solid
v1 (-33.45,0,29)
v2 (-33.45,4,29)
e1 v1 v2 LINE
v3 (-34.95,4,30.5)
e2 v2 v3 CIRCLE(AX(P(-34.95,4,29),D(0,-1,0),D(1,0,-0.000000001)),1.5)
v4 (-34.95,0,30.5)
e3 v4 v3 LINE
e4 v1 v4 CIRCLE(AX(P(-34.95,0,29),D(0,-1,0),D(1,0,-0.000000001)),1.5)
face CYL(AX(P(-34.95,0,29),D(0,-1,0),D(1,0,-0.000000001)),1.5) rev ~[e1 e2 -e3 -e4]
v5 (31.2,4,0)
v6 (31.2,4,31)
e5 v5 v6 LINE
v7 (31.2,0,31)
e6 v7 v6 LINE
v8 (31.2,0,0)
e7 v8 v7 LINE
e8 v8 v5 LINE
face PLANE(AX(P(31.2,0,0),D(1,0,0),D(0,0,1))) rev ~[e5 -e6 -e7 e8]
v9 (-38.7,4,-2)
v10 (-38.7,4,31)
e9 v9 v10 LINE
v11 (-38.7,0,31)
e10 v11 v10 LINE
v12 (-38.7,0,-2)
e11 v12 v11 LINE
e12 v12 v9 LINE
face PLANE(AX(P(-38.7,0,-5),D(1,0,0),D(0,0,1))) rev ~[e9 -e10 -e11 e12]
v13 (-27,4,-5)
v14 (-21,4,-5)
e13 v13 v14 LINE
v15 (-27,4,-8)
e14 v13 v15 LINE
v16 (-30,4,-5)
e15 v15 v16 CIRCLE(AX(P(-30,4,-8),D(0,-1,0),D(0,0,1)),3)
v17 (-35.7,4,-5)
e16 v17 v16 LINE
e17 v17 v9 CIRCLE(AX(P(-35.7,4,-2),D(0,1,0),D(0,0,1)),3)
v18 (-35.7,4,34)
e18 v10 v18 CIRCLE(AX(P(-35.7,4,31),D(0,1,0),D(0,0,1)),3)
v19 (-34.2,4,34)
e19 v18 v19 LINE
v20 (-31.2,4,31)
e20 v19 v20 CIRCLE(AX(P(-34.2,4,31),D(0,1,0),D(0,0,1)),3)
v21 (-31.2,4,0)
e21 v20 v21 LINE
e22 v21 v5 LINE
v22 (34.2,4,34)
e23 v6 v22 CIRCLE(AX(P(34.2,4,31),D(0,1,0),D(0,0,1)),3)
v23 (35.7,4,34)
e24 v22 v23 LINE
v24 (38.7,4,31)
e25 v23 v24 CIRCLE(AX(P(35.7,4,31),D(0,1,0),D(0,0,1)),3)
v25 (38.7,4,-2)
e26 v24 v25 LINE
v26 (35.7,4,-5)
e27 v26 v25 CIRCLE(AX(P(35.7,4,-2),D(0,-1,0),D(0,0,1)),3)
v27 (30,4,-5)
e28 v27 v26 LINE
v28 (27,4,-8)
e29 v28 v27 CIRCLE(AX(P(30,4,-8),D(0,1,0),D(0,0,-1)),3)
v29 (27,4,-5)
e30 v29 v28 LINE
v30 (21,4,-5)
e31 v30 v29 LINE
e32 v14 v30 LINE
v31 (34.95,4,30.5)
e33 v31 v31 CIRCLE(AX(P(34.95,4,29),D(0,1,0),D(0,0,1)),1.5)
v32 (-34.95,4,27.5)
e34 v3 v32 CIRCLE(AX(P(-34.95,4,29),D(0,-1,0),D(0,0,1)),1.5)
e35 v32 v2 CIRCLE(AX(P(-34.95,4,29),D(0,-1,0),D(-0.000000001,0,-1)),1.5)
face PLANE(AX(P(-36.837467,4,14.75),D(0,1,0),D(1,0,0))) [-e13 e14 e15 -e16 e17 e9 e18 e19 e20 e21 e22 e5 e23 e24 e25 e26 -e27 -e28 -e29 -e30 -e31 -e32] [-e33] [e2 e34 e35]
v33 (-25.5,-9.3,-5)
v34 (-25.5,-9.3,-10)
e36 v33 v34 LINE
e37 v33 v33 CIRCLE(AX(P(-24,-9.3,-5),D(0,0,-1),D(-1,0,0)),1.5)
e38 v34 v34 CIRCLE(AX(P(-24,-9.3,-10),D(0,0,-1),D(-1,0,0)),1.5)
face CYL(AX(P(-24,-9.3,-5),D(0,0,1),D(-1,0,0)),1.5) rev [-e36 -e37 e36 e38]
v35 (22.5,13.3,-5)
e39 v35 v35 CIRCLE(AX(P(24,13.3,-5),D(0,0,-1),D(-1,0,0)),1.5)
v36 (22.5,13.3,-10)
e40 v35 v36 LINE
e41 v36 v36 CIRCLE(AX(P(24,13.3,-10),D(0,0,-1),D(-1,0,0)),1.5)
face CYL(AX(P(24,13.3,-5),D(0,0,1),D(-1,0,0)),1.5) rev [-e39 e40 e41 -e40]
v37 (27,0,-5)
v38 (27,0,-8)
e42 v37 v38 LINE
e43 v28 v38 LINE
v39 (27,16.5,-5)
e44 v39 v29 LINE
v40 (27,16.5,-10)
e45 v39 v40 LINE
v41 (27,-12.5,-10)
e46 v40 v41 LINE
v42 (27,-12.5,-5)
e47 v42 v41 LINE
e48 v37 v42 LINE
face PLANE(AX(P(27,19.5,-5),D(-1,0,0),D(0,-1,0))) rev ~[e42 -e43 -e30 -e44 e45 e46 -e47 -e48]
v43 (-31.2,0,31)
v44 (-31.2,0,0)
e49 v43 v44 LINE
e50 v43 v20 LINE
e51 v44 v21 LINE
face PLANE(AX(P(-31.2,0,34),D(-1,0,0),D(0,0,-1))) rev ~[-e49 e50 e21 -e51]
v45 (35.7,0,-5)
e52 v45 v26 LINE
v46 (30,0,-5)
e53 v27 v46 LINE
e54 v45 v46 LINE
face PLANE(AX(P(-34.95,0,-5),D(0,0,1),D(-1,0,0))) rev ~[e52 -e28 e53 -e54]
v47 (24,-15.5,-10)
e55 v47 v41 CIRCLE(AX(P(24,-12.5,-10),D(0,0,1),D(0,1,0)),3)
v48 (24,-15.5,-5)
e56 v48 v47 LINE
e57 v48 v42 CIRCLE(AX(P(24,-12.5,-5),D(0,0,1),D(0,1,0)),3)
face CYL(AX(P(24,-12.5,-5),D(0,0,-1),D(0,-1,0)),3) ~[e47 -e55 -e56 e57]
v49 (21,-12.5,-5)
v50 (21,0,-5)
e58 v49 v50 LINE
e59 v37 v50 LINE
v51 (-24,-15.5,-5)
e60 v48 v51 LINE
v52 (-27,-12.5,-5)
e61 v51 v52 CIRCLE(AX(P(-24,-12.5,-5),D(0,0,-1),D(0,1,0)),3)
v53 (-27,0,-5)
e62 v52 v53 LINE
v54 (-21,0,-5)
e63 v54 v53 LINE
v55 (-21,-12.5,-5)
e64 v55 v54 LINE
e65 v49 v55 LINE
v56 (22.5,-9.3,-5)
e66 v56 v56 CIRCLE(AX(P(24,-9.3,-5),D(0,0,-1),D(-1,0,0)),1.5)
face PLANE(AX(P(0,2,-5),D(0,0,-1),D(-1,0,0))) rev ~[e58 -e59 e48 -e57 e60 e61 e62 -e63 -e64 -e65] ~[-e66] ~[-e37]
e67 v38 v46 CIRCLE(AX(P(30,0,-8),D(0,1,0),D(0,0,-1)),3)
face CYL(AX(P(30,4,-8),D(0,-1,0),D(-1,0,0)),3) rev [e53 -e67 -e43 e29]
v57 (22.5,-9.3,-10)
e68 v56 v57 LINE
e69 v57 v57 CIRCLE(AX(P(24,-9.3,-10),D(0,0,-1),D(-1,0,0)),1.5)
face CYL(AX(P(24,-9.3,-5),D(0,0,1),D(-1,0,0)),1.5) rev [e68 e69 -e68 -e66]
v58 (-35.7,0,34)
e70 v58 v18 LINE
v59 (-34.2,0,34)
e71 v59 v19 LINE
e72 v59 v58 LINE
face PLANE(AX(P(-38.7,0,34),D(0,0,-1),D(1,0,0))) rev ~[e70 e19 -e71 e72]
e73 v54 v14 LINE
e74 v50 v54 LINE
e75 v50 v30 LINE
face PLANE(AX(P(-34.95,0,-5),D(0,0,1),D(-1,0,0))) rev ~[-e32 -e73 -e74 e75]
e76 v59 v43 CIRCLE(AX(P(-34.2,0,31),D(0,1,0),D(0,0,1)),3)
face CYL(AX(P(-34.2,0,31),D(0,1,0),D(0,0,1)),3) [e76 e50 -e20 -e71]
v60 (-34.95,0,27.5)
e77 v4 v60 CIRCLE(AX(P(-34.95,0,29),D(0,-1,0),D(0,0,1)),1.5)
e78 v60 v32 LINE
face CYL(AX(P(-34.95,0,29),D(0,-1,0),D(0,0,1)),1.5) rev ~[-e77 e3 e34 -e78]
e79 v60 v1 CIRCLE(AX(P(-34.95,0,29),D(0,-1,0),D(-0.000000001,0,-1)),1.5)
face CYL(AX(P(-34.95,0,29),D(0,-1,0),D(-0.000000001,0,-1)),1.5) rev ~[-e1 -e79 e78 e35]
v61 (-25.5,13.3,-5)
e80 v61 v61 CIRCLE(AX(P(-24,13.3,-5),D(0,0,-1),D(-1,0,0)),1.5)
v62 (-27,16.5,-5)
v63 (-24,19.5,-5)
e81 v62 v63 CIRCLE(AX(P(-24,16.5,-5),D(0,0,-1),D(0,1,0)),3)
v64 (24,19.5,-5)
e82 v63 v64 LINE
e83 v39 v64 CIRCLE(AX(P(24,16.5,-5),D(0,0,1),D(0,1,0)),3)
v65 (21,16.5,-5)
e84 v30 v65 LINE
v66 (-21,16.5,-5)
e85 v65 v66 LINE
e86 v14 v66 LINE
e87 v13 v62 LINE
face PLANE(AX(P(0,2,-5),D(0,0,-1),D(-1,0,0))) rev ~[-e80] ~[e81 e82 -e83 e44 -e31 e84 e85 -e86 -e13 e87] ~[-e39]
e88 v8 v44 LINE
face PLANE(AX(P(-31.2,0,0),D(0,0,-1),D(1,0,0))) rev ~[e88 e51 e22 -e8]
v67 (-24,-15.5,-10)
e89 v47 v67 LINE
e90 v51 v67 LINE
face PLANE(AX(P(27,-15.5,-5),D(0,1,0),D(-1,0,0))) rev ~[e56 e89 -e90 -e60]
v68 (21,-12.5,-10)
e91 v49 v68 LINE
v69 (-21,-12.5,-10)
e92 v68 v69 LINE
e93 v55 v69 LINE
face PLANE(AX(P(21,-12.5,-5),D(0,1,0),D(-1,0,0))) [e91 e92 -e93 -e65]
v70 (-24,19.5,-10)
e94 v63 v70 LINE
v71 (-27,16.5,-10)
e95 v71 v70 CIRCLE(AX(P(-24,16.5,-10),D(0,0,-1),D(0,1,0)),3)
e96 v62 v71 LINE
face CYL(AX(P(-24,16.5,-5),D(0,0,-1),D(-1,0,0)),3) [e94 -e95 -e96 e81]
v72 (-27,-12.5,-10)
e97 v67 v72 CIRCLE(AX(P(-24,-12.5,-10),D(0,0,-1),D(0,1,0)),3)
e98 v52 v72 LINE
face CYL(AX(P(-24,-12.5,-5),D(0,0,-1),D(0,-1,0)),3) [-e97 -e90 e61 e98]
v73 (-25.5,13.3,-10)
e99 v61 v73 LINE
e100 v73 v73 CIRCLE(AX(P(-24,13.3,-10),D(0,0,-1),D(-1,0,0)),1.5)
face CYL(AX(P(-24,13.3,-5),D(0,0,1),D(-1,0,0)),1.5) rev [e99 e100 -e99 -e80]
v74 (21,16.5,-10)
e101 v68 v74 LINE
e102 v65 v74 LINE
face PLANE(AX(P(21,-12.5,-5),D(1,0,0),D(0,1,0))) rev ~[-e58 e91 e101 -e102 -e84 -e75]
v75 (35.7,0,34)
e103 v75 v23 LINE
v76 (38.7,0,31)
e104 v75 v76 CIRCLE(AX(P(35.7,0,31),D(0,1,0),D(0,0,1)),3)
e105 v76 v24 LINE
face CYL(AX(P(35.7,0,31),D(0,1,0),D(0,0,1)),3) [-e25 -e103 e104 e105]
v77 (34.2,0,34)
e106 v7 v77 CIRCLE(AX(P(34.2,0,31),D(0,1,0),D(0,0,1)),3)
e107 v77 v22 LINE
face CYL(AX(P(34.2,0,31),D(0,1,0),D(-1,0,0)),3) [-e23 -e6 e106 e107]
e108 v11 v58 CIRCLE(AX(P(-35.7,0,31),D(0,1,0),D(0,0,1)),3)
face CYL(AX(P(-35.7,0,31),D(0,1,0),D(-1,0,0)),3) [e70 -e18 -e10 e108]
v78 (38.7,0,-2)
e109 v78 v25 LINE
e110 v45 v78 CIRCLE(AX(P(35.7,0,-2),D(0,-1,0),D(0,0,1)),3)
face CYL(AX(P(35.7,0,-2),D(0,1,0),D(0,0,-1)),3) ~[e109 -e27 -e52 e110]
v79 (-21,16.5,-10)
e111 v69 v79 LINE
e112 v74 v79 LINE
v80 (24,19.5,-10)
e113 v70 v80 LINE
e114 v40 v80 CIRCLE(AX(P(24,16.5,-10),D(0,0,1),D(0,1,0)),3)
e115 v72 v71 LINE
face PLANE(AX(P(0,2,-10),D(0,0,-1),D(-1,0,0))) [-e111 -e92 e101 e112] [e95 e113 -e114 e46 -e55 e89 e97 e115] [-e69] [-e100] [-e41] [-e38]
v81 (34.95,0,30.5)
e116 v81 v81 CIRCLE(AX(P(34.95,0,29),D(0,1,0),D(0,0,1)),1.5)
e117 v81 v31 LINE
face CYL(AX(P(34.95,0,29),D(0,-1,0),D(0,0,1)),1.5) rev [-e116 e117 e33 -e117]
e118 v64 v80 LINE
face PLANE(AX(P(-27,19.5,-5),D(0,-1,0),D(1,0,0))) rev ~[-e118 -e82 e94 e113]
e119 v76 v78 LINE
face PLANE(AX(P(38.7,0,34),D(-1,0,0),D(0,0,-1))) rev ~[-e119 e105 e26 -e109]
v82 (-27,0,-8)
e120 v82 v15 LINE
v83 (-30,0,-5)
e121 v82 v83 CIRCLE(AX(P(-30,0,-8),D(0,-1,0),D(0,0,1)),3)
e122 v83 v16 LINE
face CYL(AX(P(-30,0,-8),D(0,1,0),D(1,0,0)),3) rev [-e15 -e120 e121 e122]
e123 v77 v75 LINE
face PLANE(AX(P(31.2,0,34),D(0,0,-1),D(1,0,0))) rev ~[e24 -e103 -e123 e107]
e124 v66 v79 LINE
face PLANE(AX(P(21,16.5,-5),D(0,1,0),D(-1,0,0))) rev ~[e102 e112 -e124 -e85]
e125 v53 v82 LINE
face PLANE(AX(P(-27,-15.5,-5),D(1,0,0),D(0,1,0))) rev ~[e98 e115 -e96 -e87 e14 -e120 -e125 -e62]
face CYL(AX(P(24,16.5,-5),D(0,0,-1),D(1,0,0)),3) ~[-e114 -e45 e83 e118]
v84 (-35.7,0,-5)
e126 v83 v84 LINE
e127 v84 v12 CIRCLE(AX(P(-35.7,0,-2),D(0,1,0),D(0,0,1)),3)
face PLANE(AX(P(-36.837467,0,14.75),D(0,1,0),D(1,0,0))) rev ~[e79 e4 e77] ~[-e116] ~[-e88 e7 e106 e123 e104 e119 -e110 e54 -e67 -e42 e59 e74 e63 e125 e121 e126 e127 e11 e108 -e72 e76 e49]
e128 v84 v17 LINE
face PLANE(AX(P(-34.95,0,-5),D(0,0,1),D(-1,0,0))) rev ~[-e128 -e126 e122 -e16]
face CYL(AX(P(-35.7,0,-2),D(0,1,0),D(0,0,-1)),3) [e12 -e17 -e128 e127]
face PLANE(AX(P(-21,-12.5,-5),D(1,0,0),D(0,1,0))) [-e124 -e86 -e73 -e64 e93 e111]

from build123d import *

# Parameters (mm, degrees)
SKETCH_1_R      = 1.5
EXTRUDE_1_DEPTH = 4
SKETCH_3_R      = 1.5
SKETCH_3_W      = 42
SKETCH_3_H      = 29
EXTRUDE_2_DEPTH = 5
FILLET_1_R      = 3
FILLET_2_R      = 3


with BuildPart() as part:
    # 草图1 → 凸台-拉伸1 (new body)
    # profile 1 of 3: a face of its own
    with BuildSketch(Plane(origin=(0, 0, 0), x_dir=(1, 0, 0), z_dir=(0, 1, 0))):
        Polygon((0, 0), (31.2, 0), (31.2, -34), (38.7, -34), (38.7, 5), (0, 5), align=None)
        with Locations(Location((34.95, -29, 0), (0, 0, 270))):
            Circle(SKETCH_1_R, mode=Mode.SUBTRACT)
    # profile 2 of 3: a face of its own
    with BuildSketch(Plane(origin=(0, 0, 0), x_dir=(1, 0, 0), z_dir=(0, 1, 0))):
        with BuildLine():
            Line((-31.2, 0), (0, 0))
            Line((0, 0), (0, 5))
            Line((0, 5), (-34.95, 5))
            Line((-34.95, 5), (-34.95, -27.5))
            ThreePointArc((-34.95, -27.5), (-33.889339828, -27.939339828), (-33.45, -29))
            ThreePointArc((-33.45, -29), (-33.889339828, -30.060660172), (-34.95, -30.5))
            Line((-34.95, -30.5), (-34.95, -34))
            Line((-34.95, -34), (-31.2, -34))
            Line((-31.2, -34), (-31.2, 0))
        make_face()
    # profile 3 of 3: a face of its own
    with BuildSketch(Plane(origin=(0, 0, 0), x_dir=(1, 0, 0), z_dir=(0, 1, 0))):
        with BuildLine():
            Line((-34.95, -27.5), (-34.95, 5))
            Line((-34.95, 5), (-38.7, 5))
            Line((-38.7, 5), (-38.7, -34))
            Line((-38.7, -34), (-34.95, -34))
            Line((-34.95, -34), (-34.95, -30.5))
            ThreePointArc((-34.95, -30.5), (-36.45, -29), (-34.95, -27.5))
        make_face()
    extrude(amount=EXTRUDE_1_DEPTH)

    # 草图3 → 凸台-拉伸2 (add)
    with BuildSketch(Plane(origin=(0, 0, -5), x_dir=(-1, 0, 0), z_dir=(0, 0, -1))):
        Polygon((-27, 2), (-27, -12.5), (-27, -15.5), (27, -15.5), (27, -12.5), (27, 2), (27, 16.5), (27, 19.5), (-27, 19.5), (-27, 16.5), align=None)
        with Locations((-24, 13.3)):
            Circle(SKETCH_3_R, mode=Mode.SUBTRACT)
        with Locations((24, 13.3)):
            Circle(SKETCH_3_R, mode=Mode.SUBTRACT)
        with Locations((24, -9.3)):
            Circle(SKETCH_3_R, mode=Mode.SUBTRACT)
        with Locations((-24, -9.3)):
            Circle(SKETCH_3_R, mode=Mode.SUBTRACT)
        with Locations((0, 2)):
            Rectangle(SKETCH_3_W, SKETCH_3_H, mode=Mode.SUBTRACT)
    extrude(amount=EXTRUDE_2_DEPTH)

    # 圆角1
    fillet_1_edges = [part.edges().sort_by_distance(p)[0] for p in [
        (27, -15.5, -7.5),
        (27, 19.5, -7.5),
        (-27, -15.5, -7.5),
        (-38.7, 2, -5),
        (-27, 19.5, -7.5),
        (-27, 2, -5),
        (38.7, 2, -5),
        (27, 2, -5),
    ]]
    fillet(fillet_1_edges, radius=FILLET_1_R)

    # 圆角2
    fillet_2_edges = [part.edges().sort_by_distance(p)[0] for p in [
        (38.7, 2, 34),
        (31.2, 2, 34),
        (-31.2, 2, 34),
        (-38.7, 2, 34),
    ]]
    fillet(fillet_2_edges, radius=FILLET_2_R)


solid = part.part
